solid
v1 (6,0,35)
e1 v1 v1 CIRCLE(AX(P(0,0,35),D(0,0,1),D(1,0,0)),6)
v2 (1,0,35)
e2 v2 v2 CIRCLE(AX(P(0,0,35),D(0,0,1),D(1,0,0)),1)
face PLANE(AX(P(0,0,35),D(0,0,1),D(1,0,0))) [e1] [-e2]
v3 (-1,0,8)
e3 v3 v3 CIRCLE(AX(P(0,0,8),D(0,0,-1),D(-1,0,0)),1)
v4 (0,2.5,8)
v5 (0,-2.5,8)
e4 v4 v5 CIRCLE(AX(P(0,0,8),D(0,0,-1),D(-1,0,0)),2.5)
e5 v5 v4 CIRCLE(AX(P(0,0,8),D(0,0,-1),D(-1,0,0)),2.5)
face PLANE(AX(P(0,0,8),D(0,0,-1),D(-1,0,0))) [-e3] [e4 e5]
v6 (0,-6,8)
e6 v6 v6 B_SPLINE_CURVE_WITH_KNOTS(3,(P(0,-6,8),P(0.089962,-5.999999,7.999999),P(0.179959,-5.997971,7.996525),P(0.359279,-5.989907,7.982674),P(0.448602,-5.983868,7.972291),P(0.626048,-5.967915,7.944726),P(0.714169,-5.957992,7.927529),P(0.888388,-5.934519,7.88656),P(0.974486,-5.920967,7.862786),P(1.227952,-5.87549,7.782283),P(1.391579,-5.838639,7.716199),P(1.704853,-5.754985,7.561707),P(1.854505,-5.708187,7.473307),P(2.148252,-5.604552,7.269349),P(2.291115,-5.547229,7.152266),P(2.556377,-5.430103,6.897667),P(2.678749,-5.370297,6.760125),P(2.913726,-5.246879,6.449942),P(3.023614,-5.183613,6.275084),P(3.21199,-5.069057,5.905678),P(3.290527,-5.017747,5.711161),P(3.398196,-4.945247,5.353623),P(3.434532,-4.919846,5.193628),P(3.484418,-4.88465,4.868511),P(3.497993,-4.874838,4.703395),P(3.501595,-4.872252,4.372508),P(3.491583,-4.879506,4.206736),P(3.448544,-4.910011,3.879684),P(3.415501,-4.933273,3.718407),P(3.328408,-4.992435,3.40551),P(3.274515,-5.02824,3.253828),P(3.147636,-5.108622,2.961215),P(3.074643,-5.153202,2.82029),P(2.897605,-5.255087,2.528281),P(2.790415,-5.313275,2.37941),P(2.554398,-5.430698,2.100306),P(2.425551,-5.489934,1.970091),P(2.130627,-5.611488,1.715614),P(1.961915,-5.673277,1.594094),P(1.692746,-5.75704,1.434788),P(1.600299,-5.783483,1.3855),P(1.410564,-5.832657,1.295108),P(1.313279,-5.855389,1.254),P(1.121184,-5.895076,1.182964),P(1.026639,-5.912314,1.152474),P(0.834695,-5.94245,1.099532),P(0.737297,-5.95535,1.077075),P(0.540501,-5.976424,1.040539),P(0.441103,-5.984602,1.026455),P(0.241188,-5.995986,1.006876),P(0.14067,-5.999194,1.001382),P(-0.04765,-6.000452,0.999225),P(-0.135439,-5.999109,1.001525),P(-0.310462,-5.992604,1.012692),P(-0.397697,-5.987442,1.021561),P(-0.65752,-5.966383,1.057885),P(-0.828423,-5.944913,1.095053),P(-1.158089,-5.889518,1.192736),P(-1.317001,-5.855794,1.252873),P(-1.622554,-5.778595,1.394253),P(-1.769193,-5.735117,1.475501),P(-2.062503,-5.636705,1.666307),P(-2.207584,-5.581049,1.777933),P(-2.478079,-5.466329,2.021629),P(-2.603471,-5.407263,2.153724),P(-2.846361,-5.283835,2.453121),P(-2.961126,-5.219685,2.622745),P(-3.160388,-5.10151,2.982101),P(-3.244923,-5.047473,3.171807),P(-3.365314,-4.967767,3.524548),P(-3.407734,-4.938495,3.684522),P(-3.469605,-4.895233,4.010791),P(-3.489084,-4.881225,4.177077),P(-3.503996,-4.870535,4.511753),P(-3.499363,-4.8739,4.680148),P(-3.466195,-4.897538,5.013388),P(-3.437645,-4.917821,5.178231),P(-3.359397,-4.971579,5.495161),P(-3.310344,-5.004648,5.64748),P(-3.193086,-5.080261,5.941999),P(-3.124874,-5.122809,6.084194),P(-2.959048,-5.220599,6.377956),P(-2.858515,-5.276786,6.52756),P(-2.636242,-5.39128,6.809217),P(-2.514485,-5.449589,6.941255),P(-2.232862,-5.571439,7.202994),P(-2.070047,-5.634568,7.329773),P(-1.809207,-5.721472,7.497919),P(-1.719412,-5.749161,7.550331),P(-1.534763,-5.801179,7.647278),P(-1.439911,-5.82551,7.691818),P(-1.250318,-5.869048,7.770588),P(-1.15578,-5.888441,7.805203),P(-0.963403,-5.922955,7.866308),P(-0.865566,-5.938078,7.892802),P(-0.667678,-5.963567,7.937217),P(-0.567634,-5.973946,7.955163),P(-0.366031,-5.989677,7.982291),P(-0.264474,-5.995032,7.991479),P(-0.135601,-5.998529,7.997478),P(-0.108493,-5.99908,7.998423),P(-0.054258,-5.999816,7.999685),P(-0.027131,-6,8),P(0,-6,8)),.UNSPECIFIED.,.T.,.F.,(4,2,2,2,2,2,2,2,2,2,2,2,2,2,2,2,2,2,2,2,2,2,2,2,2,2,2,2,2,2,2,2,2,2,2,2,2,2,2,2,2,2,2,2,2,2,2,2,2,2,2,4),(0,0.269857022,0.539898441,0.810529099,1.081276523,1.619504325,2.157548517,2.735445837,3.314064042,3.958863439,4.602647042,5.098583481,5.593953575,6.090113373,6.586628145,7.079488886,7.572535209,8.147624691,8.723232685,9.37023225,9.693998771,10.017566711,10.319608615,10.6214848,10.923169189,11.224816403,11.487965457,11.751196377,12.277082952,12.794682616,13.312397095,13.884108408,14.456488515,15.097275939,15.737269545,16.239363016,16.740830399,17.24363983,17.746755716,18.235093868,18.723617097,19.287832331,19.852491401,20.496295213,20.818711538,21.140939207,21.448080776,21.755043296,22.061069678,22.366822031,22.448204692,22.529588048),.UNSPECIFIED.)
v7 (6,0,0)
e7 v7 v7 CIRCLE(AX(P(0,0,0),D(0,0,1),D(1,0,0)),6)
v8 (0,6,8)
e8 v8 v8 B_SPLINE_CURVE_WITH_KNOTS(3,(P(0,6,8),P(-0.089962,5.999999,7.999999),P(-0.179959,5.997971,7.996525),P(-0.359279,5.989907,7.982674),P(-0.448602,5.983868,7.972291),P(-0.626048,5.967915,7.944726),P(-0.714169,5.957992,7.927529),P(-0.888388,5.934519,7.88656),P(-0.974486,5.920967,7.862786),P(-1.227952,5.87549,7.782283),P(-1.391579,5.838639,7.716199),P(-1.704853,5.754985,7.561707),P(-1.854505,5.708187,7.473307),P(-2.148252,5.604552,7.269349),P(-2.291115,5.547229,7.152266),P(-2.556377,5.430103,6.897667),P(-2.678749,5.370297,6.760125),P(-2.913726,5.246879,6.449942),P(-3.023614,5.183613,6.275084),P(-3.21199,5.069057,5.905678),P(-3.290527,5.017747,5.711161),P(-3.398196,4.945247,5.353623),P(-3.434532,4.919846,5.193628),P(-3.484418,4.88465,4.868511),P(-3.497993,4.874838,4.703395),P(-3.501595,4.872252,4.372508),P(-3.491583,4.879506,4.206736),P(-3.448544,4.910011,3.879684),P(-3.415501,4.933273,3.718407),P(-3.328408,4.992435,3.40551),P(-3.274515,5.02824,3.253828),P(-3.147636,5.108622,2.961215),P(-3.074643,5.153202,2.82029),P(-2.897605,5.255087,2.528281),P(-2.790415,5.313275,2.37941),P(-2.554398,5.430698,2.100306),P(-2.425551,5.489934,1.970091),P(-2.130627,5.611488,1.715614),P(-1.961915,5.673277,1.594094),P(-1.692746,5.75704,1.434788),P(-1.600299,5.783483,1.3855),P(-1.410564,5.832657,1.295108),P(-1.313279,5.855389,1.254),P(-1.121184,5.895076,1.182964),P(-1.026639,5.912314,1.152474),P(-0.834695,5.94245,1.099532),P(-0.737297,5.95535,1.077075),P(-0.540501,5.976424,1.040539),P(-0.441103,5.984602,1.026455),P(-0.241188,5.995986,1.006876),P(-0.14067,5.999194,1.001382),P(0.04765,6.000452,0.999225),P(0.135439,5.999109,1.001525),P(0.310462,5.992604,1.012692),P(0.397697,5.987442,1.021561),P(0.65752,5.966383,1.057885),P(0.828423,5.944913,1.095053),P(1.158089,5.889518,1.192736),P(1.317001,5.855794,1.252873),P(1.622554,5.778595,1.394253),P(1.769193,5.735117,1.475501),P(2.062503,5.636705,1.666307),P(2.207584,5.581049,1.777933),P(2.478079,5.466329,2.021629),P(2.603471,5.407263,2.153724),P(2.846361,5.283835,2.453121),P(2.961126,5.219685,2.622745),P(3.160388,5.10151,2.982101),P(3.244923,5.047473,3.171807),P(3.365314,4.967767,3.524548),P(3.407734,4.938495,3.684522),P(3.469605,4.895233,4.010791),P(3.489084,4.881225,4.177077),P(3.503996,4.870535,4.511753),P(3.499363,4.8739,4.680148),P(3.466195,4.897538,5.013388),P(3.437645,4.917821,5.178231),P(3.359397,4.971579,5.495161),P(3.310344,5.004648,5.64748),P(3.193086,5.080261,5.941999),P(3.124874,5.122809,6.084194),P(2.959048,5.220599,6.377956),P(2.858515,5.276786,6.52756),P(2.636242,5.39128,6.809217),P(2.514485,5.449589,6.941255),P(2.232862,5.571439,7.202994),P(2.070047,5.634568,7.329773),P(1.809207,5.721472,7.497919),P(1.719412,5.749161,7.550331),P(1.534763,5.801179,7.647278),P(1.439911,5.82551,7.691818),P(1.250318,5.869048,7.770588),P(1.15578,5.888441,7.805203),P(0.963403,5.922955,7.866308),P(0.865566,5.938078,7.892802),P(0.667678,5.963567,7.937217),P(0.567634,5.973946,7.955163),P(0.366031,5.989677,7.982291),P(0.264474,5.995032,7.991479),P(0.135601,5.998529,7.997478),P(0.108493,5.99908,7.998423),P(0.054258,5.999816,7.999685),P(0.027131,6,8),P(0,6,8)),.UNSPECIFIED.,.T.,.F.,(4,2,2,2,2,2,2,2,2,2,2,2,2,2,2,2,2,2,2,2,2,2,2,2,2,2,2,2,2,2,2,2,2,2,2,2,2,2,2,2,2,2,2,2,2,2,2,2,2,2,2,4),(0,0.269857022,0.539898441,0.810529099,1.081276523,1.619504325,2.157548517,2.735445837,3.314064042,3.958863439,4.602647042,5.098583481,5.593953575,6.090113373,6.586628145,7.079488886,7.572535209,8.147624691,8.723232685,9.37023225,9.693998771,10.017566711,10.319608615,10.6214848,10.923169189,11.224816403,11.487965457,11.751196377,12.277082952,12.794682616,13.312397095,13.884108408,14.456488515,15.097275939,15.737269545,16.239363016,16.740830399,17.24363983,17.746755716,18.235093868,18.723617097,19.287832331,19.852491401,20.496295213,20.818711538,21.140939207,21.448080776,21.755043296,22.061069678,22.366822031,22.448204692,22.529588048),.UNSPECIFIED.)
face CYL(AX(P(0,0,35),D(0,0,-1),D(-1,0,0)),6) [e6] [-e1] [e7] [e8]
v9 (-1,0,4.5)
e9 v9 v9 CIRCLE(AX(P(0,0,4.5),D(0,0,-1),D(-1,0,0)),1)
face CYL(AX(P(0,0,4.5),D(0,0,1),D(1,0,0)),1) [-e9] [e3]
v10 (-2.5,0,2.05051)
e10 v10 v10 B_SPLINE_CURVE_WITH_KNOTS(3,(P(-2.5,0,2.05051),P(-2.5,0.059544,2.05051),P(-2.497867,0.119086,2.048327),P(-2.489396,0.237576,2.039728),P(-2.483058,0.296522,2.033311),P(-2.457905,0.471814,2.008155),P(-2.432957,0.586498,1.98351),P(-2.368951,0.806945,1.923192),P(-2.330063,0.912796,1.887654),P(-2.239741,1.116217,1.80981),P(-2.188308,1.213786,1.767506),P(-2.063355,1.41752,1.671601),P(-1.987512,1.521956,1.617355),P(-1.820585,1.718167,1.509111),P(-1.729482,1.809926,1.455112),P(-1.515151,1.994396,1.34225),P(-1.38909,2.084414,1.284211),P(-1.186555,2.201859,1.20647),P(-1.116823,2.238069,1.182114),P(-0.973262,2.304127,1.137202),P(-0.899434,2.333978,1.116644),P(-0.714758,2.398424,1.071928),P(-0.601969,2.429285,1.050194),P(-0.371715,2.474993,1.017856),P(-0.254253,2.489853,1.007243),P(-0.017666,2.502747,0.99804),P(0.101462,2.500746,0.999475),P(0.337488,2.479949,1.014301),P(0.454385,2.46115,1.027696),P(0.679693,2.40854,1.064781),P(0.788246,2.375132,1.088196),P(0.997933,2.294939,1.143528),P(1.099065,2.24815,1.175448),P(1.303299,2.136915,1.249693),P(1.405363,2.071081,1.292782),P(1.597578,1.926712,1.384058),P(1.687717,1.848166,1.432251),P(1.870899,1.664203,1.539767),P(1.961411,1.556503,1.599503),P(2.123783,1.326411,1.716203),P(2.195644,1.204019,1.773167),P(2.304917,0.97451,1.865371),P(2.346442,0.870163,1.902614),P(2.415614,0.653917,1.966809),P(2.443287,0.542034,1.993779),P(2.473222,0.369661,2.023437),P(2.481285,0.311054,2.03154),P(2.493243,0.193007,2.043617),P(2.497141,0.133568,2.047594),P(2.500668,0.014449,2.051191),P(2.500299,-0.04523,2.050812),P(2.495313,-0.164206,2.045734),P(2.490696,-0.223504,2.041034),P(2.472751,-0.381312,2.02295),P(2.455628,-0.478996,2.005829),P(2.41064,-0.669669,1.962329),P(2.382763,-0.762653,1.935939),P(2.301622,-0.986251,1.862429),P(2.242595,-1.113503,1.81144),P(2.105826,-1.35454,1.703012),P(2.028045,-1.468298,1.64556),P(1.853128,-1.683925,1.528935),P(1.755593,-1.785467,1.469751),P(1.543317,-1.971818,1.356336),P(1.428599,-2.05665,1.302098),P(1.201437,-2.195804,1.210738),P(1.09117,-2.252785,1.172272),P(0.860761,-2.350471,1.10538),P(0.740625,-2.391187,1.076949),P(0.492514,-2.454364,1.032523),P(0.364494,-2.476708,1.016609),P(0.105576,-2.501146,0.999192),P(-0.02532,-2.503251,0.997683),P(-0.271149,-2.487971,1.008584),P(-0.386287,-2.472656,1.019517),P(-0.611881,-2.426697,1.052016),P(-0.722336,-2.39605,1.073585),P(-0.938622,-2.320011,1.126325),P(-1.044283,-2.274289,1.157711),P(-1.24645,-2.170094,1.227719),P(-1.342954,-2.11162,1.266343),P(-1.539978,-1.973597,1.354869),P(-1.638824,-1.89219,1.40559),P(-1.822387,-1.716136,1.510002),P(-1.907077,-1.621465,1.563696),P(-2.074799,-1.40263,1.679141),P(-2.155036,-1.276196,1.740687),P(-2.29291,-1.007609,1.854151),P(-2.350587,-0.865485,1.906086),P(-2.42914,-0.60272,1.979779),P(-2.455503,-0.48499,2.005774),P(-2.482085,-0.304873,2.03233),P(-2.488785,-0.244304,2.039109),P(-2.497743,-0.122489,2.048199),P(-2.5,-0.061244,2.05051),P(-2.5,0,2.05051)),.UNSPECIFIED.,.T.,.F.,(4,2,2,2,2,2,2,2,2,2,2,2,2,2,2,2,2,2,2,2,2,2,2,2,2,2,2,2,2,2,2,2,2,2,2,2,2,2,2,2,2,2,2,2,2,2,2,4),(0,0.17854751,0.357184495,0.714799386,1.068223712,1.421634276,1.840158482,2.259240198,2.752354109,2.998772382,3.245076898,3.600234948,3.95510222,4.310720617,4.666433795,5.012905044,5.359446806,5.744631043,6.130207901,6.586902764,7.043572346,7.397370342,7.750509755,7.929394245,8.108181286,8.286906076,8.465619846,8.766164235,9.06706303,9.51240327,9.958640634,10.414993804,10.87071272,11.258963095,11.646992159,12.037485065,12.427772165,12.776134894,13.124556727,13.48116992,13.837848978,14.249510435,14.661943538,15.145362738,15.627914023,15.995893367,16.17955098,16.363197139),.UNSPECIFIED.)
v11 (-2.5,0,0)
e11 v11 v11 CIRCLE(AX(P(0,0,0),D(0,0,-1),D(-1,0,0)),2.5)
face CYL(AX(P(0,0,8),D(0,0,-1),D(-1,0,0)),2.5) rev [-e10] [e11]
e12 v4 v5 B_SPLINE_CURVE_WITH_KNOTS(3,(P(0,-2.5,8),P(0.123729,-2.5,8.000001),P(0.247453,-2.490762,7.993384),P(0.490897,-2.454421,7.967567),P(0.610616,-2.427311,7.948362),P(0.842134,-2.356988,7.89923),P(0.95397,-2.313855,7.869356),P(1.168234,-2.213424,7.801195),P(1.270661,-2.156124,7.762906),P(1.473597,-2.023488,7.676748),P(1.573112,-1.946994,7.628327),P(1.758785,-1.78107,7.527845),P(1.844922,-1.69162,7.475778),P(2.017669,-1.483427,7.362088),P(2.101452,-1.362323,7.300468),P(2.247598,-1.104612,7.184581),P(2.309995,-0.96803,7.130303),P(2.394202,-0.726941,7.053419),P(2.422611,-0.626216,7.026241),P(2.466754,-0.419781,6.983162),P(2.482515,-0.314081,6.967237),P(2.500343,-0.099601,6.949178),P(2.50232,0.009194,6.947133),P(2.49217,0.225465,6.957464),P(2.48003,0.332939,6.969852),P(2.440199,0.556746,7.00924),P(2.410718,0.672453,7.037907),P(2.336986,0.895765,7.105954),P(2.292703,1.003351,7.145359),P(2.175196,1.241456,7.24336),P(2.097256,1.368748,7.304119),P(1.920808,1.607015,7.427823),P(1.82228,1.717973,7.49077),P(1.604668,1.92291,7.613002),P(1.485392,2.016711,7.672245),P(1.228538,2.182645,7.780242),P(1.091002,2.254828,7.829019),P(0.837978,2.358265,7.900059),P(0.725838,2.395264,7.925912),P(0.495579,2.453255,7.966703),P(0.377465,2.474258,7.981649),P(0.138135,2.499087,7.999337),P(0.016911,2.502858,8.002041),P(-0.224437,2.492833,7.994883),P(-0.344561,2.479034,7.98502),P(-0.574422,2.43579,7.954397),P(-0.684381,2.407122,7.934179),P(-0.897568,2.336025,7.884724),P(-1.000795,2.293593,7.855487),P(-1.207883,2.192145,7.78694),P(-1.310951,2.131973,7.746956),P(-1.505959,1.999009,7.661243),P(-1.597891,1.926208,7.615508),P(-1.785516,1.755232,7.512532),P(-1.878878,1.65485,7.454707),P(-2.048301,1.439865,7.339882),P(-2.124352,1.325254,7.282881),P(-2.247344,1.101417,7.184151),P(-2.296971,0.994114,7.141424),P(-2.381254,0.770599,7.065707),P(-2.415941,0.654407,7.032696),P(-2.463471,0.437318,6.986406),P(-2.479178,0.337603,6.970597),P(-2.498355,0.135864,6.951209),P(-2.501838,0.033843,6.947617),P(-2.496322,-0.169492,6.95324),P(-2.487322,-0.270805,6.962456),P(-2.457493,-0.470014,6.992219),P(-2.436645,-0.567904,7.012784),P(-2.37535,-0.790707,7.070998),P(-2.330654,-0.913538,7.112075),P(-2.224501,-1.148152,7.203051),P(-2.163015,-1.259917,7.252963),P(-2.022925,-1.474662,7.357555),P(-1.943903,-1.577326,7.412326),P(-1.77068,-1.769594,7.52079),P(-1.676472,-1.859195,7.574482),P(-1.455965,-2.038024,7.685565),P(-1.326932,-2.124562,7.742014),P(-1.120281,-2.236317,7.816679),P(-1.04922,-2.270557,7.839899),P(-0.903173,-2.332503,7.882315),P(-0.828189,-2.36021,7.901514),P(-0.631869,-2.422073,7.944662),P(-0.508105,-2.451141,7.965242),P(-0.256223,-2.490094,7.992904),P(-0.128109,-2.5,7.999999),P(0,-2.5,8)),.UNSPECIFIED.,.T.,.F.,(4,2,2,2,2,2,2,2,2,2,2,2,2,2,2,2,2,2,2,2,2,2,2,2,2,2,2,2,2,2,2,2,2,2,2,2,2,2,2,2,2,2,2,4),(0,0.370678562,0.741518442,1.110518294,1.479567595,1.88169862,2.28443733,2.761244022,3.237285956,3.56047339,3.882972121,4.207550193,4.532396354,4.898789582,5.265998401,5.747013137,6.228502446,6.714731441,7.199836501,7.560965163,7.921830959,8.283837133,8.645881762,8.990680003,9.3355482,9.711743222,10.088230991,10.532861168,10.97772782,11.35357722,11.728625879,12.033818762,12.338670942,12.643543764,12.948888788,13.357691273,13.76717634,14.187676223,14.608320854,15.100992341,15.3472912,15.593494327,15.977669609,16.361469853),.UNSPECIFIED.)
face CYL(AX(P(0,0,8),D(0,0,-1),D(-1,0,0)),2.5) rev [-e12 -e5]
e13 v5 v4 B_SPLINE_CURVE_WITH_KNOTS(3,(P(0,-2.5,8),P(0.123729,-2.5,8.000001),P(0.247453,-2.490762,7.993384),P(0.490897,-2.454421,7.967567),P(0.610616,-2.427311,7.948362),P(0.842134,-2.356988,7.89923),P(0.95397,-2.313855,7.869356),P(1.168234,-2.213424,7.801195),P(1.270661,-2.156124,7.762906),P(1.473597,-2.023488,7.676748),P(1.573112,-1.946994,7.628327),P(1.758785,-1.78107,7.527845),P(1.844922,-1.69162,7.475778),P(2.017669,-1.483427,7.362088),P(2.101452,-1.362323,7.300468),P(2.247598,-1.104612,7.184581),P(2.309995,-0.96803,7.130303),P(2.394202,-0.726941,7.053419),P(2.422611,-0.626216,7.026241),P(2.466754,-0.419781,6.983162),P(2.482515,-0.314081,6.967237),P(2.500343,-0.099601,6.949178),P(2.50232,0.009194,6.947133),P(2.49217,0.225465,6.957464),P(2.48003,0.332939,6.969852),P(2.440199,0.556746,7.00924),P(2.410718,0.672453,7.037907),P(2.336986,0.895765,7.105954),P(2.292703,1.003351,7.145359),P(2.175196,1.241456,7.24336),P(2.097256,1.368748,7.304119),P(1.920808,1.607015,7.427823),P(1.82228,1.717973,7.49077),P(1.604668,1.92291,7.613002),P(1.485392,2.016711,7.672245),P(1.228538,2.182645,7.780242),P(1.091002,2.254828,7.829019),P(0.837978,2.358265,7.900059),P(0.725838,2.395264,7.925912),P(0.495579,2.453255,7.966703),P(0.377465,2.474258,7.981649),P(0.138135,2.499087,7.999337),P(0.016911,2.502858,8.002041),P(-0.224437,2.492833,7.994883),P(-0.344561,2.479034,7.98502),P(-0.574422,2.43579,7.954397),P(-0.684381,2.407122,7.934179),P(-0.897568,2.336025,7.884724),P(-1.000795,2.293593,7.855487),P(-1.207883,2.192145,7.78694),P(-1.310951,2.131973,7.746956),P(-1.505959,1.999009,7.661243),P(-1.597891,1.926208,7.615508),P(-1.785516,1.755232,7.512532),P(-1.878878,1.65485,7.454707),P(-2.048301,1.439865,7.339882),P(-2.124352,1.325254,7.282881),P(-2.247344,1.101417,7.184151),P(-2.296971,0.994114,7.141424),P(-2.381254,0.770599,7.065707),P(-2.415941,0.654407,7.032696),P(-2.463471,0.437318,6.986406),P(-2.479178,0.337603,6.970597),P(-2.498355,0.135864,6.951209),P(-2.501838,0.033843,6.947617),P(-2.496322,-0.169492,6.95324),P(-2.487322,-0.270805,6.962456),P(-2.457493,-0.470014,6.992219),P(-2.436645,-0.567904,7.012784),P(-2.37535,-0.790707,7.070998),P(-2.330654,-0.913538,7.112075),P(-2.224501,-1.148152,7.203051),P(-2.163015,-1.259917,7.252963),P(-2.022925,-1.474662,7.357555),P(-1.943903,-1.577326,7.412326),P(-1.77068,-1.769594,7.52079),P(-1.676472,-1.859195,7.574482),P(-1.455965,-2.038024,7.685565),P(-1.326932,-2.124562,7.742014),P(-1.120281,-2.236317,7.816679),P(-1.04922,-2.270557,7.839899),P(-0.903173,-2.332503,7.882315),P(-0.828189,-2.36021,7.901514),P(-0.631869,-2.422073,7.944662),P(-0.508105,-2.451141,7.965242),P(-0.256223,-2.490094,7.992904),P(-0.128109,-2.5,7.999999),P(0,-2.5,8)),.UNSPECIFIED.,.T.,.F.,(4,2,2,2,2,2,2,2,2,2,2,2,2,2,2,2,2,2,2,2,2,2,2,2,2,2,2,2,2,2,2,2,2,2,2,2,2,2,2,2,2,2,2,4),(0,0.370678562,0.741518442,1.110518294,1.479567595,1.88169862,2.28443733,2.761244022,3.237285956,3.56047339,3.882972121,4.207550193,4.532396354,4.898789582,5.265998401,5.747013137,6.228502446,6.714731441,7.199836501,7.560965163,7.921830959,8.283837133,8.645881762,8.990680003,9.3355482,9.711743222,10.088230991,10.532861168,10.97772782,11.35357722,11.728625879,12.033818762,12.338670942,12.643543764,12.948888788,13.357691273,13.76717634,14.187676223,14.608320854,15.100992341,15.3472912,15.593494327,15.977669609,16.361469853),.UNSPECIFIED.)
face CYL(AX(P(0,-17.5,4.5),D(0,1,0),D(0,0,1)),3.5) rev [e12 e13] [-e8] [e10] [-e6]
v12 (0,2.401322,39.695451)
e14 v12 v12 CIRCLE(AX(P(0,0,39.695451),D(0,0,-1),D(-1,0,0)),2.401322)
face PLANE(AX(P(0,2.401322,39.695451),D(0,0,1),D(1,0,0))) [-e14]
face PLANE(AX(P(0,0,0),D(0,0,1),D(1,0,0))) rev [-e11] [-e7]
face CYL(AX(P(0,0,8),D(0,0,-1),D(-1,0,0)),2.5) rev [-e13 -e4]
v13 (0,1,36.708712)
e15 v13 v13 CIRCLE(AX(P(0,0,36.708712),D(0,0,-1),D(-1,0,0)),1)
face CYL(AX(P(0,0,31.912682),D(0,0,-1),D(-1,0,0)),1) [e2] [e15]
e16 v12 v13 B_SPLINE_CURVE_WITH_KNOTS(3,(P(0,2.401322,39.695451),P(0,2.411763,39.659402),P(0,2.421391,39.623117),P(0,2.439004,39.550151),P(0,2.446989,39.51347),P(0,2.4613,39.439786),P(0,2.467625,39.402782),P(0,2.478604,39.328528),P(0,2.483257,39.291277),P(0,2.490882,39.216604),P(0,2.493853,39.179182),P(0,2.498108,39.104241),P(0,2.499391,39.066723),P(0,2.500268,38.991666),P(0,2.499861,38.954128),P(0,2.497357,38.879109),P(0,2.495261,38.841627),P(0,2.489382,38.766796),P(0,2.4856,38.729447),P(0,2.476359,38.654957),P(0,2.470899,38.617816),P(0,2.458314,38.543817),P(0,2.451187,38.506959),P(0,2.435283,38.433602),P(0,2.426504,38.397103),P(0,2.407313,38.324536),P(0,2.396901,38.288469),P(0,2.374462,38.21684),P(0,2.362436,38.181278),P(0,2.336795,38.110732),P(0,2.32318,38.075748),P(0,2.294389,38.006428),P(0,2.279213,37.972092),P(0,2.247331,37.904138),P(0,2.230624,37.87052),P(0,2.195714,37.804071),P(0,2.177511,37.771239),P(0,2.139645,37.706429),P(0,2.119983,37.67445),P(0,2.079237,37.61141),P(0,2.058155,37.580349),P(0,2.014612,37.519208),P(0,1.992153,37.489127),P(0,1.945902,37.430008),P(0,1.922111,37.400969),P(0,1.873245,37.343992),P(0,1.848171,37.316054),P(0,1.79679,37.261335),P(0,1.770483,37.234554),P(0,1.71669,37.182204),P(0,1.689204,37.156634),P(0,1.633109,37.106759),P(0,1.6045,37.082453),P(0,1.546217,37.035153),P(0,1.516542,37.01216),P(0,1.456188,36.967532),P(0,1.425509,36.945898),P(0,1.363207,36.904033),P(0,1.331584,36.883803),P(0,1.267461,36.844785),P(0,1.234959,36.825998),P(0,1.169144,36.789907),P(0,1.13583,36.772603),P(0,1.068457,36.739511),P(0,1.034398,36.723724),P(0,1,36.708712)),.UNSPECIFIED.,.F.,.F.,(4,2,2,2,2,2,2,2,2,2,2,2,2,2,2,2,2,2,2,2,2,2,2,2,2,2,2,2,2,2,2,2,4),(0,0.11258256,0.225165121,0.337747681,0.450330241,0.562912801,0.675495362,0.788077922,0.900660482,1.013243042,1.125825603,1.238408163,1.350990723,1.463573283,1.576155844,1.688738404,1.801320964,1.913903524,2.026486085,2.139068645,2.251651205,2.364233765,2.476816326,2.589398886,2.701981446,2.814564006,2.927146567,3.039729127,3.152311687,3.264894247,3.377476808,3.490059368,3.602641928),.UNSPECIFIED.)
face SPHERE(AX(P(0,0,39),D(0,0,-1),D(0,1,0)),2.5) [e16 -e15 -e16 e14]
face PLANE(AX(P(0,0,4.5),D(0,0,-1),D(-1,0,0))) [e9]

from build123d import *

# Parameters (mm, degrees)
ESQUISSE1_R             = 6
BASE_EXTRUSION_DEPTH    = 35
ESQUISSE2_R             = 3.5
ENL_V_MAT_EXTRU_1_DEPTH = 17.5
ESQUISSE3_R             = 2.5
ENL_V_MAT_EXTRU_2_DEPTH = 8
ESQUISSE4_R             = 1
BOSS_EXTRU_1_DEPTH      = 3.5


with BuildPart() as part:
    # Esquisse1 → Base-Extrusion (new body)
    with BuildSketch(Plane.XY):
        Circle(ESQUISSE1_R)
    extrude(amount=BASE_EXTRUSION_DEPTH)

    # Esquisse2 → Enlèv. mat.-Extru.1 (cut, symmetric)
    with BuildSketch(Plane(origin=(0, 0, 0), x_dir=(1, 0, 0), z_dir=(0, 1, 0))):
        with Locations(Location((0, -4.5, 0), (0, 0, 270))):
            Circle(ESQUISSE2_R)
    extrude(amount=ENL_V_MAT_EXTRU_1_DEPTH, both=True, mode=Mode.SUBTRACT)

    # Esquisse3 → Enlèv. mat.-Extru.2 (cut)
    with BuildSketch(Plane(origin=(0, 0, 0), x_dir=(-1, 0, 0), z_dir=(0, 0, -1))):
        Circle(ESQUISSE3_R)
    extrude(amount=-ENL_V_MAT_EXTRU_2_DEPTH, mode=Mode.SUBTRACT)

    # Esquisse4 → Boss.-Extru.1 (add)
    with BuildSketch(Plane(origin=(0, 0, 8), x_dir=(-1, 0, 0), z_dir=(0, 0, -1))):
        Circle(ESQUISSE4_R)
    extrude(amount=BOSS_EXTRU_1_DEPTH)

    # Esquisse5 → Boss.-Révol.1 (revolve)
    with BuildSketch(Plane(origin=(0, 0, 0), x_dir=(0, 0, -1), z_dir=(1, 0, 0))):
        with BuildLine():
            Line((-35, 1), (-36.708712153, 1))
            ThreePointArc((-36.708712153, 1), (-37.938114865, 2.263271959), (-39.69545069, 2.401322206))
            Line((-39.69545069, 2.401322206), (-39.69545069, 0))
            Line((-39.69545069, 0), (-35, 0))
            Line((-35, 0), (-35, 1))
        make_face()
    revolve(axis=Axis((0, 0, 31.912682492), (0, 0, 1)))


solid = part.part
